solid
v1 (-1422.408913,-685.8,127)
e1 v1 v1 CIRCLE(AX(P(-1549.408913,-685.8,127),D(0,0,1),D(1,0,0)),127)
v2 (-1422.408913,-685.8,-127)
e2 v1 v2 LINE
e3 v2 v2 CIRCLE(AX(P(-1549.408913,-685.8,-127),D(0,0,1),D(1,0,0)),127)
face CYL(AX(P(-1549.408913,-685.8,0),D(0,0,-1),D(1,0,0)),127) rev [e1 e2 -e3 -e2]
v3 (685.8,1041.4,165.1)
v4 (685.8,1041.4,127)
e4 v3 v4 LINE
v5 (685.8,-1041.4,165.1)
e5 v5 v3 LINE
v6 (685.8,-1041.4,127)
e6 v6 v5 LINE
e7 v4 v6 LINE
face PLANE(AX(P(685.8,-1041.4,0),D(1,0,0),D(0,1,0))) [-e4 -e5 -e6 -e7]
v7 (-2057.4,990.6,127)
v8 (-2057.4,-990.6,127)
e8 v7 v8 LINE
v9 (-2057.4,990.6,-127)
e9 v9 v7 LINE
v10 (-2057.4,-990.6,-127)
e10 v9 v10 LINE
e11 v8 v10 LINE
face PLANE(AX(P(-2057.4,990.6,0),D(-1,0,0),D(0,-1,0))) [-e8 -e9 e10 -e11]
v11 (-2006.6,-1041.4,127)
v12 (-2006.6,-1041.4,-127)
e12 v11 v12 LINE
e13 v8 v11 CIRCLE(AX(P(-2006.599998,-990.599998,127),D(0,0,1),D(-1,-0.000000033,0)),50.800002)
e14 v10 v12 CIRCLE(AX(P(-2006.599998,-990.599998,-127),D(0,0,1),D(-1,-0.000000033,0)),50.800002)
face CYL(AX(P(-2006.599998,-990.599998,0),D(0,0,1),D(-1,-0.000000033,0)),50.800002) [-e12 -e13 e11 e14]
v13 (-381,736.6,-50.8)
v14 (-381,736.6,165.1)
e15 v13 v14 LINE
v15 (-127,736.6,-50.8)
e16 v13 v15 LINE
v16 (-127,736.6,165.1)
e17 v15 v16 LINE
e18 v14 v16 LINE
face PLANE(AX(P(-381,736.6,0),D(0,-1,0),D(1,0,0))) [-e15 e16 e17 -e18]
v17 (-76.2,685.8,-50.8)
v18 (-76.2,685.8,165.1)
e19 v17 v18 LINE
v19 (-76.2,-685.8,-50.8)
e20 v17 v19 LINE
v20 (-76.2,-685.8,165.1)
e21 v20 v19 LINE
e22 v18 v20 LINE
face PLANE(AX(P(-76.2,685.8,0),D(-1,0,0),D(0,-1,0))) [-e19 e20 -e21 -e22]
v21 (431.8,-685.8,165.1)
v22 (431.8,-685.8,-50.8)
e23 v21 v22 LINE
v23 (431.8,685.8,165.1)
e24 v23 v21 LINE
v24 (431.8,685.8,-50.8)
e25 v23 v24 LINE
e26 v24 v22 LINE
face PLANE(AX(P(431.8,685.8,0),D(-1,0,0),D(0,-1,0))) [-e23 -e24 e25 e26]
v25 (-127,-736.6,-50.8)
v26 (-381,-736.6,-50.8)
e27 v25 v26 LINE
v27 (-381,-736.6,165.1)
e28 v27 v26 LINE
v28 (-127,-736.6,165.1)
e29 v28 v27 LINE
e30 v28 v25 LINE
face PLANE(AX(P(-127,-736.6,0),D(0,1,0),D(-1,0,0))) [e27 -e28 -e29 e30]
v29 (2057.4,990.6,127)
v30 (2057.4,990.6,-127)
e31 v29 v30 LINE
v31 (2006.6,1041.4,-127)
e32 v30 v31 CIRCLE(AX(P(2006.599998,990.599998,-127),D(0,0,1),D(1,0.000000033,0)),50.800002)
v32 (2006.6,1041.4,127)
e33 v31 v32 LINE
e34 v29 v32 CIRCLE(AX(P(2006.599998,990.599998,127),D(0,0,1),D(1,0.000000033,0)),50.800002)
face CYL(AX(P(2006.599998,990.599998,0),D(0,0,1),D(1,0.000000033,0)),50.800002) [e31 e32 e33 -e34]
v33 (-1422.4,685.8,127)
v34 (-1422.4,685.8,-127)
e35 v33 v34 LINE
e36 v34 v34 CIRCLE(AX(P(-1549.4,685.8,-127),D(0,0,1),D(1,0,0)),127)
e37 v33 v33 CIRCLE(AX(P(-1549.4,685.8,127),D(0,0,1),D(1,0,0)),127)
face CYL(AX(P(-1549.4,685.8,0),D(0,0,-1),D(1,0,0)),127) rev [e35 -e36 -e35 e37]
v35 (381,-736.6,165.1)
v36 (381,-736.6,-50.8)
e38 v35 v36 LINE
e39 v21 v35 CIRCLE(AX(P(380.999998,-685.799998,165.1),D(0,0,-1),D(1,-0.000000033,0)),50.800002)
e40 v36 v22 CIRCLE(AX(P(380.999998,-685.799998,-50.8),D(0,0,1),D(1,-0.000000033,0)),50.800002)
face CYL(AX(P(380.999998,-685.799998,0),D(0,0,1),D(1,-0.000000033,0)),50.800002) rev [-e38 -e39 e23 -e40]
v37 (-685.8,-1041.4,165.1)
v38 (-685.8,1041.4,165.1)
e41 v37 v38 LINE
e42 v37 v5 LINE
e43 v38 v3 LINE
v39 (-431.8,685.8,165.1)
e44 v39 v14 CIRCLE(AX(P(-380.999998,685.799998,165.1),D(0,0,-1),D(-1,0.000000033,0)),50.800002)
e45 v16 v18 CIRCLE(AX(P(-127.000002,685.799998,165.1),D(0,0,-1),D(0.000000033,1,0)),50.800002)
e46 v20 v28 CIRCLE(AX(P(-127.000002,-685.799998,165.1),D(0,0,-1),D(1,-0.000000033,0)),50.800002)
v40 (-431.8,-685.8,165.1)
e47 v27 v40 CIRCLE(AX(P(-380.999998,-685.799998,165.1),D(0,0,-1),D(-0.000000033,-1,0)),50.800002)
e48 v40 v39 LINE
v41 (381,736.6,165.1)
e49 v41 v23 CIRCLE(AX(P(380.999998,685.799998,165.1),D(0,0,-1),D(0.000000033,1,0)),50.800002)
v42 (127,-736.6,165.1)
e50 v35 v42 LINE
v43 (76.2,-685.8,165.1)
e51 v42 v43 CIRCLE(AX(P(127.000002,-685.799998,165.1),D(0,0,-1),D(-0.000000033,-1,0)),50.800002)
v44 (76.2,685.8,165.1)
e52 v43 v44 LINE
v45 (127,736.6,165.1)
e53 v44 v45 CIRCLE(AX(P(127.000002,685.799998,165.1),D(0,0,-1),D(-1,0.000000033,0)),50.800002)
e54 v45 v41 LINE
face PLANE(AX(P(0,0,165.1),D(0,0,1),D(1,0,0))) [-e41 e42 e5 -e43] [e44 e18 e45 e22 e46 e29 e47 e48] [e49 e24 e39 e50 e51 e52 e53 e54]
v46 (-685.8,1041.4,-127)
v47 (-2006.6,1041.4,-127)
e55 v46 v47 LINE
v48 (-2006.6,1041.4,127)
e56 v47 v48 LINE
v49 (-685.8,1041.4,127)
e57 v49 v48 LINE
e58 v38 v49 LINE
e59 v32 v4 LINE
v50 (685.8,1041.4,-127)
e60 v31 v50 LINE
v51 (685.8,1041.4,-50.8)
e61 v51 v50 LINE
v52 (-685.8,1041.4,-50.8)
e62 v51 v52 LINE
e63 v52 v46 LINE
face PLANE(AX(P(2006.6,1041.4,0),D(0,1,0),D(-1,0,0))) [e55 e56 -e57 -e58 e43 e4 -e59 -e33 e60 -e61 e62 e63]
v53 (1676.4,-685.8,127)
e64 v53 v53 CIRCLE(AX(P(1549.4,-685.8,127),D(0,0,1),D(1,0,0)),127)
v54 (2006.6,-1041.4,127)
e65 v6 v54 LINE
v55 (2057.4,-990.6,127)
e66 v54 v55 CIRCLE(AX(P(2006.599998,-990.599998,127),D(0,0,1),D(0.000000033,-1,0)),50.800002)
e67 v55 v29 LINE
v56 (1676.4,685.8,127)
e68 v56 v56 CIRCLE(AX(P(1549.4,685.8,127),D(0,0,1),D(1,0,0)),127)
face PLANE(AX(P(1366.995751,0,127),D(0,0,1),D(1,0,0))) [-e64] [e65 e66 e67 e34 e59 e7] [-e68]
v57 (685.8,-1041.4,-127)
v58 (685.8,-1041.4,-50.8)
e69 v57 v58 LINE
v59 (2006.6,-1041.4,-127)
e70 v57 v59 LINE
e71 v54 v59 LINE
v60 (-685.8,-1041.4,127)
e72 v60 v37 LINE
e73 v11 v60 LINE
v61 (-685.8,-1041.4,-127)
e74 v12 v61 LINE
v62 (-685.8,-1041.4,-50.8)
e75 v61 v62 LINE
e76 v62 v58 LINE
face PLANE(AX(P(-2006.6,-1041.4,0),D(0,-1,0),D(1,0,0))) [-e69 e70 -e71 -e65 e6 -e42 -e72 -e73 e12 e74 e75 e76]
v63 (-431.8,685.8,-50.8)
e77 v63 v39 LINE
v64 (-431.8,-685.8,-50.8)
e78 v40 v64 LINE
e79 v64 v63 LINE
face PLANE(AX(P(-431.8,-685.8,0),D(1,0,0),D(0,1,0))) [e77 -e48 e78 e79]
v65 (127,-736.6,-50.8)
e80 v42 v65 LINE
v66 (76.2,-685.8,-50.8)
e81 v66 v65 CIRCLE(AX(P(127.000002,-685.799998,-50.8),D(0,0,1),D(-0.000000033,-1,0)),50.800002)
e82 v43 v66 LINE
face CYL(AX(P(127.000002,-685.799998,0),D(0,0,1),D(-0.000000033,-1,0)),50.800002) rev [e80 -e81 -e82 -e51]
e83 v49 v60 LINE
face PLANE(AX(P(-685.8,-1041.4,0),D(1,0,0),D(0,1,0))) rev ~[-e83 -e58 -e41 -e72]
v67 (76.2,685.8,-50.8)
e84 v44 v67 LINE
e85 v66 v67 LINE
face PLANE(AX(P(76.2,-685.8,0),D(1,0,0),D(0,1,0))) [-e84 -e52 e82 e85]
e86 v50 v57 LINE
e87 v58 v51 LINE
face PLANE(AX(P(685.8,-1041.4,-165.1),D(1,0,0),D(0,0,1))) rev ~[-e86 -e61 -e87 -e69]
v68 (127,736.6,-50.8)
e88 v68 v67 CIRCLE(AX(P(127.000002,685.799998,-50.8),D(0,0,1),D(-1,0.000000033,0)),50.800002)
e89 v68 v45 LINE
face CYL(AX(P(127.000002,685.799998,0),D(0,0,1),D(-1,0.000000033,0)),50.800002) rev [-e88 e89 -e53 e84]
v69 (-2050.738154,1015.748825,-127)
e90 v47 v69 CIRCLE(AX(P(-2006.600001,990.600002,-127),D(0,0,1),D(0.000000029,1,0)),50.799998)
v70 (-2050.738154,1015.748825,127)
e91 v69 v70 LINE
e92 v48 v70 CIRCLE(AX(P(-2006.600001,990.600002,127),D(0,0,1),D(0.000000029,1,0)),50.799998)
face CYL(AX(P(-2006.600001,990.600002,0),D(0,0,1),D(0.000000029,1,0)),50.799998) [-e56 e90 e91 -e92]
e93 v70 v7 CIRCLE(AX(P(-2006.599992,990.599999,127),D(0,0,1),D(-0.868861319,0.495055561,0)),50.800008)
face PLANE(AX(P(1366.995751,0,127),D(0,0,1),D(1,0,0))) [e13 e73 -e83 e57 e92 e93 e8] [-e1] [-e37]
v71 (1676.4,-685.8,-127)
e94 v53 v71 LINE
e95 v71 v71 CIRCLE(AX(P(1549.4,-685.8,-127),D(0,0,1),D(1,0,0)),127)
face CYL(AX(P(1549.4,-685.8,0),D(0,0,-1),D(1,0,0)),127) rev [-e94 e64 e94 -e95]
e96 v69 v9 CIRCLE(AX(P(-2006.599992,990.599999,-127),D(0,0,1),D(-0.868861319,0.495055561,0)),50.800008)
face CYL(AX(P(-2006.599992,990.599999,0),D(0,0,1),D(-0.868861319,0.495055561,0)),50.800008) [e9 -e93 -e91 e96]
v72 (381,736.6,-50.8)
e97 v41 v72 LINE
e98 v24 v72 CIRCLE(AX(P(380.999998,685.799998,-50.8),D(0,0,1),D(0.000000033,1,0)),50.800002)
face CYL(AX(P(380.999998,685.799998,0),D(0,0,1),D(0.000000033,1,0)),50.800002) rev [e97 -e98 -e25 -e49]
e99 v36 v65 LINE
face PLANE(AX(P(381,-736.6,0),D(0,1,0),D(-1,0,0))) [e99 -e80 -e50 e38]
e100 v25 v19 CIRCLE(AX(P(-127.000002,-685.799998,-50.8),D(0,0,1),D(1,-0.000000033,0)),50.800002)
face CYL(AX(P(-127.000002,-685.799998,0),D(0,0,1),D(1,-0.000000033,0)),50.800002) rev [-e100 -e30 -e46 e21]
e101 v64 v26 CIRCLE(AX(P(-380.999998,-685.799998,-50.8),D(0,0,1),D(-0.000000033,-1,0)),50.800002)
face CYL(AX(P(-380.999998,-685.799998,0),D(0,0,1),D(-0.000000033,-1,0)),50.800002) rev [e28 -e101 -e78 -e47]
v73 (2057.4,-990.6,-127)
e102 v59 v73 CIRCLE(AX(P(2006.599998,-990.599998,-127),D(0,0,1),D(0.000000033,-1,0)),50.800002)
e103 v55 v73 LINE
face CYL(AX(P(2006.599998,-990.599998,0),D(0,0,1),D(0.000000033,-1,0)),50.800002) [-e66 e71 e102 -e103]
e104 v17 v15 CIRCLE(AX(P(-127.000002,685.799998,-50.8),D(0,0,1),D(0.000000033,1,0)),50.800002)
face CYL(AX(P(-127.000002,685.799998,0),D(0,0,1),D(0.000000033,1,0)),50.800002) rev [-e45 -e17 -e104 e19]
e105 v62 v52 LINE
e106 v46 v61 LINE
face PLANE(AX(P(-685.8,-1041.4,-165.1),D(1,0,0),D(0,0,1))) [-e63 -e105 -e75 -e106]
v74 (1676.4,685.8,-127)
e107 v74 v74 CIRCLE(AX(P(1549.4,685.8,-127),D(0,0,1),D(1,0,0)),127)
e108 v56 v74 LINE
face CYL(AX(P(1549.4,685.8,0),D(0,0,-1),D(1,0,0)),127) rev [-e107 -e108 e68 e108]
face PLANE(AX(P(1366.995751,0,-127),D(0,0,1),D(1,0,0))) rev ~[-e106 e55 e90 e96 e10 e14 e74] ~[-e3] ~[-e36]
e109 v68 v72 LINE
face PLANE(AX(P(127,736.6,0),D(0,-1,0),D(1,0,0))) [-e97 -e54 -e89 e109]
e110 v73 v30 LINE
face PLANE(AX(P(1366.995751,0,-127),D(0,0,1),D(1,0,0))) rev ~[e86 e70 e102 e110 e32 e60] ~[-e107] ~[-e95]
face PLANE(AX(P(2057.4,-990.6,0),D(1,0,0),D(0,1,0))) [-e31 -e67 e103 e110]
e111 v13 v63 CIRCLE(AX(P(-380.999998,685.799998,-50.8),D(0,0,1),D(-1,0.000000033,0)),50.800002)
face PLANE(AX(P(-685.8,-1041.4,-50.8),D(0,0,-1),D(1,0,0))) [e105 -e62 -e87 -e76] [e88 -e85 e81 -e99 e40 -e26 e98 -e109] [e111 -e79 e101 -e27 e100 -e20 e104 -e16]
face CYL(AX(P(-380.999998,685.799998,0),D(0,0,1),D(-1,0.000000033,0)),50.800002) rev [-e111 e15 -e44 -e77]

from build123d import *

# Parameters (mm, degrees)
F0_W     = 1371.6
F0_H     = 2082.8
F1_DEPTH = 165.1
F0_R     = 127
F2_DEPTH = 127
F3_W     = 1371.6
F3_H     = 114.3
F4_DEPTH = 2202.18


with BuildPart() as f1:
    # F0 (on Top) → F1 (new body, symmetric)
    with BuildSketch(Plane.XY):
        Rectangle(F0_W, F0_H)
        with BuildLine():
            ThreePointArc((-431.8, 685.8), (-416.921024, 721.721024), (-381, 736.6))
            Line((-381, 736.6), (-127, 736.6))
            ThreePointArc((-127, 736.6), (-91.078976, 721.721024), (-76.2, 685.8))
            Line((-76.2, 685.8), (-76.2, -685.8))
            ThreePointArc((-76.2, -685.8), (-91.078976, -721.721024), (-127, -736.6))
            Line((-127, -736.6), (-381, -736.6))
            ThreePointArc((-381, -736.6), (-416.921024, -721.721024), (-431.8, -685.8))
            Line((-431.8, -685.8), (-431.8, 685.8))
        make_face(mode=Mode.SUBTRACT)
        with BuildLine():
            Line((127, 736.6), (381, 736.6))
            ThreePointArc((381, 736.6), (416.921024, 721.721024), (431.8, 685.8))
            Line((431.8, 685.8), (431.8, -685.8))
            ThreePointArc((431.8, -685.8), (416.921024, -721.721024), (381, -736.6))
            Line((381, -736.6), (127, -736.6))
            ThreePointArc((127, -736.6), (91.078976, -721.721024), (76.2, -685.8))
            Line((76.2, -685.8), (76.2, 685.8))
            ThreePointArc((76.2, 685.8), (91.078976, 721.721024), (127, 736.6))
        make_face(mode=Mode.SUBTRACT)
    extrude(amount=F1_DEPTH, both=True)

    # F0 (on Top) → F2 (join, symmetric)
    with BuildSketch(Plane.XY):
        with BuildLine():
            ThreePointArc((2057.4, 990.6), (2042.521024, 1026.521024), (2006.6, 1041.4))
            Line((2006.6, 1041.4), (1549.4, 1041.4))
            Line((1549.4, 1041.4), (685.8, 1041.4))
            Line((685.8, 1041.4), (685.8, -1041.4))
            Line((685.8, -1041.4), (1549.4, -1041.4))
            Line((1549.4, -1041.4), (2006.6, -1041.4))
            ThreePointArc((2006.6, -1041.4), (2042.521024, -1026.521024), (2057.4, -990.6))
            Line((2057.4, -990.6), (2057.4, 990.6))
        make_face()
        with Locations((1549.4, -685.8)):
            Circle(F0_R, mode=Mode.SUBTRACT)
        with Locations((1549.4, 685.8)):
            Circle(F0_R, mode=Mode.SUBTRACT)
        Rectangle(F0_W, F0_H)
        with BuildLine():
            ThreePointArc((-431.8, 685.8), (-416.921024, 721.721024), (-381, 736.6))
            Line((-381, 736.6), (-127, 736.6))
            ThreePointArc((-127, 736.6), (-91.078976, 721.721024), (-76.2, 685.8))
            Line((-76.2, 685.8), (-76.2, -685.8))
            ThreePointArc((-76.2, -685.8), (-91.078976, -721.721024), (-127, -736.6))
            Line((-127, -736.6), (-381, -736.6))
            ThreePointArc((-381, -736.6), (-416.921024, -721.721024), (-431.8, -685.8))
            Line((-431.8, -685.8), (-431.8, 685.8))
        make_face(mode=Mode.SUBTRACT)
        with BuildLine():
            Line((127, 736.6), (381, 736.6))
            ThreePointArc((381, 736.6), (416.921024, 721.721024), (431.8, 685.8))
            Line((431.8, 685.8), (431.8, -685.8))
            ThreePointArc((431.8, -685.8), (416.921024, -721.721024), (381, -736.6))
            Line((381, -736.6), (127, -736.6))
            ThreePointArc((127, -736.6), (91.078976, -721.721024), (76.2, -685.8))
            Line((76.2, -685.8), (76.2, 685.8))
            ThreePointArc((76.2, 685.8), (91.078976, 721.721024), (127, 736.6))
        make_face(mode=Mode.SUBTRACT)
        with BuildLine():
            Line((-685.8, -1041.4), (-685.8, 1041.4))
            Line((-685.8, 1041.4), (-1549.4, 1041.4))
            Line((-1549.4, 1041.4), (-2006.6, 1041.4))
            ThreePointArc((-2006.6, 1041.4), (-2032.125279, 1034.521523), (-2050.738154, 1015.748825))
            ThreePointArc((-2050.738154, 1015.748825), (-2055.706304, 1003.608109), (-2057.4, 990.6))
            Line((-2057.4, 990.6), (-2057.4, -990.6))
            ThreePointArc((-2057.4, -990.6), (-2042.521024, -1026.521024), (-2006.6, -1041.4))
            Line((-2006.6, -1041.4), (-1549.408913, -1041.4))
            Line((-1549.408913, -1041.4), (-685.8, -1041.4))
        make_face()
        with Locations((-1549.408913, -685.8)):
            Circle(F0_R, mode=Mode.SUBTRACT)
        with Locations((-1549.4, 685.8)):
            Circle(F0_R, mode=Mode.SUBTRACT)
    extrude(amount=F2_DEPTH, both=True)

    # F3 (on face) → F4 (cut)
    with BuildSketch(Plane.XZ.offset(1041.4)):
        with Locations((0, -107.95)):
            Rectangle(F3_W, F3_H)
    extrude(amount=-F4_DEPTH, mode=Mode.SUBTRACT)


solid = f1.part
